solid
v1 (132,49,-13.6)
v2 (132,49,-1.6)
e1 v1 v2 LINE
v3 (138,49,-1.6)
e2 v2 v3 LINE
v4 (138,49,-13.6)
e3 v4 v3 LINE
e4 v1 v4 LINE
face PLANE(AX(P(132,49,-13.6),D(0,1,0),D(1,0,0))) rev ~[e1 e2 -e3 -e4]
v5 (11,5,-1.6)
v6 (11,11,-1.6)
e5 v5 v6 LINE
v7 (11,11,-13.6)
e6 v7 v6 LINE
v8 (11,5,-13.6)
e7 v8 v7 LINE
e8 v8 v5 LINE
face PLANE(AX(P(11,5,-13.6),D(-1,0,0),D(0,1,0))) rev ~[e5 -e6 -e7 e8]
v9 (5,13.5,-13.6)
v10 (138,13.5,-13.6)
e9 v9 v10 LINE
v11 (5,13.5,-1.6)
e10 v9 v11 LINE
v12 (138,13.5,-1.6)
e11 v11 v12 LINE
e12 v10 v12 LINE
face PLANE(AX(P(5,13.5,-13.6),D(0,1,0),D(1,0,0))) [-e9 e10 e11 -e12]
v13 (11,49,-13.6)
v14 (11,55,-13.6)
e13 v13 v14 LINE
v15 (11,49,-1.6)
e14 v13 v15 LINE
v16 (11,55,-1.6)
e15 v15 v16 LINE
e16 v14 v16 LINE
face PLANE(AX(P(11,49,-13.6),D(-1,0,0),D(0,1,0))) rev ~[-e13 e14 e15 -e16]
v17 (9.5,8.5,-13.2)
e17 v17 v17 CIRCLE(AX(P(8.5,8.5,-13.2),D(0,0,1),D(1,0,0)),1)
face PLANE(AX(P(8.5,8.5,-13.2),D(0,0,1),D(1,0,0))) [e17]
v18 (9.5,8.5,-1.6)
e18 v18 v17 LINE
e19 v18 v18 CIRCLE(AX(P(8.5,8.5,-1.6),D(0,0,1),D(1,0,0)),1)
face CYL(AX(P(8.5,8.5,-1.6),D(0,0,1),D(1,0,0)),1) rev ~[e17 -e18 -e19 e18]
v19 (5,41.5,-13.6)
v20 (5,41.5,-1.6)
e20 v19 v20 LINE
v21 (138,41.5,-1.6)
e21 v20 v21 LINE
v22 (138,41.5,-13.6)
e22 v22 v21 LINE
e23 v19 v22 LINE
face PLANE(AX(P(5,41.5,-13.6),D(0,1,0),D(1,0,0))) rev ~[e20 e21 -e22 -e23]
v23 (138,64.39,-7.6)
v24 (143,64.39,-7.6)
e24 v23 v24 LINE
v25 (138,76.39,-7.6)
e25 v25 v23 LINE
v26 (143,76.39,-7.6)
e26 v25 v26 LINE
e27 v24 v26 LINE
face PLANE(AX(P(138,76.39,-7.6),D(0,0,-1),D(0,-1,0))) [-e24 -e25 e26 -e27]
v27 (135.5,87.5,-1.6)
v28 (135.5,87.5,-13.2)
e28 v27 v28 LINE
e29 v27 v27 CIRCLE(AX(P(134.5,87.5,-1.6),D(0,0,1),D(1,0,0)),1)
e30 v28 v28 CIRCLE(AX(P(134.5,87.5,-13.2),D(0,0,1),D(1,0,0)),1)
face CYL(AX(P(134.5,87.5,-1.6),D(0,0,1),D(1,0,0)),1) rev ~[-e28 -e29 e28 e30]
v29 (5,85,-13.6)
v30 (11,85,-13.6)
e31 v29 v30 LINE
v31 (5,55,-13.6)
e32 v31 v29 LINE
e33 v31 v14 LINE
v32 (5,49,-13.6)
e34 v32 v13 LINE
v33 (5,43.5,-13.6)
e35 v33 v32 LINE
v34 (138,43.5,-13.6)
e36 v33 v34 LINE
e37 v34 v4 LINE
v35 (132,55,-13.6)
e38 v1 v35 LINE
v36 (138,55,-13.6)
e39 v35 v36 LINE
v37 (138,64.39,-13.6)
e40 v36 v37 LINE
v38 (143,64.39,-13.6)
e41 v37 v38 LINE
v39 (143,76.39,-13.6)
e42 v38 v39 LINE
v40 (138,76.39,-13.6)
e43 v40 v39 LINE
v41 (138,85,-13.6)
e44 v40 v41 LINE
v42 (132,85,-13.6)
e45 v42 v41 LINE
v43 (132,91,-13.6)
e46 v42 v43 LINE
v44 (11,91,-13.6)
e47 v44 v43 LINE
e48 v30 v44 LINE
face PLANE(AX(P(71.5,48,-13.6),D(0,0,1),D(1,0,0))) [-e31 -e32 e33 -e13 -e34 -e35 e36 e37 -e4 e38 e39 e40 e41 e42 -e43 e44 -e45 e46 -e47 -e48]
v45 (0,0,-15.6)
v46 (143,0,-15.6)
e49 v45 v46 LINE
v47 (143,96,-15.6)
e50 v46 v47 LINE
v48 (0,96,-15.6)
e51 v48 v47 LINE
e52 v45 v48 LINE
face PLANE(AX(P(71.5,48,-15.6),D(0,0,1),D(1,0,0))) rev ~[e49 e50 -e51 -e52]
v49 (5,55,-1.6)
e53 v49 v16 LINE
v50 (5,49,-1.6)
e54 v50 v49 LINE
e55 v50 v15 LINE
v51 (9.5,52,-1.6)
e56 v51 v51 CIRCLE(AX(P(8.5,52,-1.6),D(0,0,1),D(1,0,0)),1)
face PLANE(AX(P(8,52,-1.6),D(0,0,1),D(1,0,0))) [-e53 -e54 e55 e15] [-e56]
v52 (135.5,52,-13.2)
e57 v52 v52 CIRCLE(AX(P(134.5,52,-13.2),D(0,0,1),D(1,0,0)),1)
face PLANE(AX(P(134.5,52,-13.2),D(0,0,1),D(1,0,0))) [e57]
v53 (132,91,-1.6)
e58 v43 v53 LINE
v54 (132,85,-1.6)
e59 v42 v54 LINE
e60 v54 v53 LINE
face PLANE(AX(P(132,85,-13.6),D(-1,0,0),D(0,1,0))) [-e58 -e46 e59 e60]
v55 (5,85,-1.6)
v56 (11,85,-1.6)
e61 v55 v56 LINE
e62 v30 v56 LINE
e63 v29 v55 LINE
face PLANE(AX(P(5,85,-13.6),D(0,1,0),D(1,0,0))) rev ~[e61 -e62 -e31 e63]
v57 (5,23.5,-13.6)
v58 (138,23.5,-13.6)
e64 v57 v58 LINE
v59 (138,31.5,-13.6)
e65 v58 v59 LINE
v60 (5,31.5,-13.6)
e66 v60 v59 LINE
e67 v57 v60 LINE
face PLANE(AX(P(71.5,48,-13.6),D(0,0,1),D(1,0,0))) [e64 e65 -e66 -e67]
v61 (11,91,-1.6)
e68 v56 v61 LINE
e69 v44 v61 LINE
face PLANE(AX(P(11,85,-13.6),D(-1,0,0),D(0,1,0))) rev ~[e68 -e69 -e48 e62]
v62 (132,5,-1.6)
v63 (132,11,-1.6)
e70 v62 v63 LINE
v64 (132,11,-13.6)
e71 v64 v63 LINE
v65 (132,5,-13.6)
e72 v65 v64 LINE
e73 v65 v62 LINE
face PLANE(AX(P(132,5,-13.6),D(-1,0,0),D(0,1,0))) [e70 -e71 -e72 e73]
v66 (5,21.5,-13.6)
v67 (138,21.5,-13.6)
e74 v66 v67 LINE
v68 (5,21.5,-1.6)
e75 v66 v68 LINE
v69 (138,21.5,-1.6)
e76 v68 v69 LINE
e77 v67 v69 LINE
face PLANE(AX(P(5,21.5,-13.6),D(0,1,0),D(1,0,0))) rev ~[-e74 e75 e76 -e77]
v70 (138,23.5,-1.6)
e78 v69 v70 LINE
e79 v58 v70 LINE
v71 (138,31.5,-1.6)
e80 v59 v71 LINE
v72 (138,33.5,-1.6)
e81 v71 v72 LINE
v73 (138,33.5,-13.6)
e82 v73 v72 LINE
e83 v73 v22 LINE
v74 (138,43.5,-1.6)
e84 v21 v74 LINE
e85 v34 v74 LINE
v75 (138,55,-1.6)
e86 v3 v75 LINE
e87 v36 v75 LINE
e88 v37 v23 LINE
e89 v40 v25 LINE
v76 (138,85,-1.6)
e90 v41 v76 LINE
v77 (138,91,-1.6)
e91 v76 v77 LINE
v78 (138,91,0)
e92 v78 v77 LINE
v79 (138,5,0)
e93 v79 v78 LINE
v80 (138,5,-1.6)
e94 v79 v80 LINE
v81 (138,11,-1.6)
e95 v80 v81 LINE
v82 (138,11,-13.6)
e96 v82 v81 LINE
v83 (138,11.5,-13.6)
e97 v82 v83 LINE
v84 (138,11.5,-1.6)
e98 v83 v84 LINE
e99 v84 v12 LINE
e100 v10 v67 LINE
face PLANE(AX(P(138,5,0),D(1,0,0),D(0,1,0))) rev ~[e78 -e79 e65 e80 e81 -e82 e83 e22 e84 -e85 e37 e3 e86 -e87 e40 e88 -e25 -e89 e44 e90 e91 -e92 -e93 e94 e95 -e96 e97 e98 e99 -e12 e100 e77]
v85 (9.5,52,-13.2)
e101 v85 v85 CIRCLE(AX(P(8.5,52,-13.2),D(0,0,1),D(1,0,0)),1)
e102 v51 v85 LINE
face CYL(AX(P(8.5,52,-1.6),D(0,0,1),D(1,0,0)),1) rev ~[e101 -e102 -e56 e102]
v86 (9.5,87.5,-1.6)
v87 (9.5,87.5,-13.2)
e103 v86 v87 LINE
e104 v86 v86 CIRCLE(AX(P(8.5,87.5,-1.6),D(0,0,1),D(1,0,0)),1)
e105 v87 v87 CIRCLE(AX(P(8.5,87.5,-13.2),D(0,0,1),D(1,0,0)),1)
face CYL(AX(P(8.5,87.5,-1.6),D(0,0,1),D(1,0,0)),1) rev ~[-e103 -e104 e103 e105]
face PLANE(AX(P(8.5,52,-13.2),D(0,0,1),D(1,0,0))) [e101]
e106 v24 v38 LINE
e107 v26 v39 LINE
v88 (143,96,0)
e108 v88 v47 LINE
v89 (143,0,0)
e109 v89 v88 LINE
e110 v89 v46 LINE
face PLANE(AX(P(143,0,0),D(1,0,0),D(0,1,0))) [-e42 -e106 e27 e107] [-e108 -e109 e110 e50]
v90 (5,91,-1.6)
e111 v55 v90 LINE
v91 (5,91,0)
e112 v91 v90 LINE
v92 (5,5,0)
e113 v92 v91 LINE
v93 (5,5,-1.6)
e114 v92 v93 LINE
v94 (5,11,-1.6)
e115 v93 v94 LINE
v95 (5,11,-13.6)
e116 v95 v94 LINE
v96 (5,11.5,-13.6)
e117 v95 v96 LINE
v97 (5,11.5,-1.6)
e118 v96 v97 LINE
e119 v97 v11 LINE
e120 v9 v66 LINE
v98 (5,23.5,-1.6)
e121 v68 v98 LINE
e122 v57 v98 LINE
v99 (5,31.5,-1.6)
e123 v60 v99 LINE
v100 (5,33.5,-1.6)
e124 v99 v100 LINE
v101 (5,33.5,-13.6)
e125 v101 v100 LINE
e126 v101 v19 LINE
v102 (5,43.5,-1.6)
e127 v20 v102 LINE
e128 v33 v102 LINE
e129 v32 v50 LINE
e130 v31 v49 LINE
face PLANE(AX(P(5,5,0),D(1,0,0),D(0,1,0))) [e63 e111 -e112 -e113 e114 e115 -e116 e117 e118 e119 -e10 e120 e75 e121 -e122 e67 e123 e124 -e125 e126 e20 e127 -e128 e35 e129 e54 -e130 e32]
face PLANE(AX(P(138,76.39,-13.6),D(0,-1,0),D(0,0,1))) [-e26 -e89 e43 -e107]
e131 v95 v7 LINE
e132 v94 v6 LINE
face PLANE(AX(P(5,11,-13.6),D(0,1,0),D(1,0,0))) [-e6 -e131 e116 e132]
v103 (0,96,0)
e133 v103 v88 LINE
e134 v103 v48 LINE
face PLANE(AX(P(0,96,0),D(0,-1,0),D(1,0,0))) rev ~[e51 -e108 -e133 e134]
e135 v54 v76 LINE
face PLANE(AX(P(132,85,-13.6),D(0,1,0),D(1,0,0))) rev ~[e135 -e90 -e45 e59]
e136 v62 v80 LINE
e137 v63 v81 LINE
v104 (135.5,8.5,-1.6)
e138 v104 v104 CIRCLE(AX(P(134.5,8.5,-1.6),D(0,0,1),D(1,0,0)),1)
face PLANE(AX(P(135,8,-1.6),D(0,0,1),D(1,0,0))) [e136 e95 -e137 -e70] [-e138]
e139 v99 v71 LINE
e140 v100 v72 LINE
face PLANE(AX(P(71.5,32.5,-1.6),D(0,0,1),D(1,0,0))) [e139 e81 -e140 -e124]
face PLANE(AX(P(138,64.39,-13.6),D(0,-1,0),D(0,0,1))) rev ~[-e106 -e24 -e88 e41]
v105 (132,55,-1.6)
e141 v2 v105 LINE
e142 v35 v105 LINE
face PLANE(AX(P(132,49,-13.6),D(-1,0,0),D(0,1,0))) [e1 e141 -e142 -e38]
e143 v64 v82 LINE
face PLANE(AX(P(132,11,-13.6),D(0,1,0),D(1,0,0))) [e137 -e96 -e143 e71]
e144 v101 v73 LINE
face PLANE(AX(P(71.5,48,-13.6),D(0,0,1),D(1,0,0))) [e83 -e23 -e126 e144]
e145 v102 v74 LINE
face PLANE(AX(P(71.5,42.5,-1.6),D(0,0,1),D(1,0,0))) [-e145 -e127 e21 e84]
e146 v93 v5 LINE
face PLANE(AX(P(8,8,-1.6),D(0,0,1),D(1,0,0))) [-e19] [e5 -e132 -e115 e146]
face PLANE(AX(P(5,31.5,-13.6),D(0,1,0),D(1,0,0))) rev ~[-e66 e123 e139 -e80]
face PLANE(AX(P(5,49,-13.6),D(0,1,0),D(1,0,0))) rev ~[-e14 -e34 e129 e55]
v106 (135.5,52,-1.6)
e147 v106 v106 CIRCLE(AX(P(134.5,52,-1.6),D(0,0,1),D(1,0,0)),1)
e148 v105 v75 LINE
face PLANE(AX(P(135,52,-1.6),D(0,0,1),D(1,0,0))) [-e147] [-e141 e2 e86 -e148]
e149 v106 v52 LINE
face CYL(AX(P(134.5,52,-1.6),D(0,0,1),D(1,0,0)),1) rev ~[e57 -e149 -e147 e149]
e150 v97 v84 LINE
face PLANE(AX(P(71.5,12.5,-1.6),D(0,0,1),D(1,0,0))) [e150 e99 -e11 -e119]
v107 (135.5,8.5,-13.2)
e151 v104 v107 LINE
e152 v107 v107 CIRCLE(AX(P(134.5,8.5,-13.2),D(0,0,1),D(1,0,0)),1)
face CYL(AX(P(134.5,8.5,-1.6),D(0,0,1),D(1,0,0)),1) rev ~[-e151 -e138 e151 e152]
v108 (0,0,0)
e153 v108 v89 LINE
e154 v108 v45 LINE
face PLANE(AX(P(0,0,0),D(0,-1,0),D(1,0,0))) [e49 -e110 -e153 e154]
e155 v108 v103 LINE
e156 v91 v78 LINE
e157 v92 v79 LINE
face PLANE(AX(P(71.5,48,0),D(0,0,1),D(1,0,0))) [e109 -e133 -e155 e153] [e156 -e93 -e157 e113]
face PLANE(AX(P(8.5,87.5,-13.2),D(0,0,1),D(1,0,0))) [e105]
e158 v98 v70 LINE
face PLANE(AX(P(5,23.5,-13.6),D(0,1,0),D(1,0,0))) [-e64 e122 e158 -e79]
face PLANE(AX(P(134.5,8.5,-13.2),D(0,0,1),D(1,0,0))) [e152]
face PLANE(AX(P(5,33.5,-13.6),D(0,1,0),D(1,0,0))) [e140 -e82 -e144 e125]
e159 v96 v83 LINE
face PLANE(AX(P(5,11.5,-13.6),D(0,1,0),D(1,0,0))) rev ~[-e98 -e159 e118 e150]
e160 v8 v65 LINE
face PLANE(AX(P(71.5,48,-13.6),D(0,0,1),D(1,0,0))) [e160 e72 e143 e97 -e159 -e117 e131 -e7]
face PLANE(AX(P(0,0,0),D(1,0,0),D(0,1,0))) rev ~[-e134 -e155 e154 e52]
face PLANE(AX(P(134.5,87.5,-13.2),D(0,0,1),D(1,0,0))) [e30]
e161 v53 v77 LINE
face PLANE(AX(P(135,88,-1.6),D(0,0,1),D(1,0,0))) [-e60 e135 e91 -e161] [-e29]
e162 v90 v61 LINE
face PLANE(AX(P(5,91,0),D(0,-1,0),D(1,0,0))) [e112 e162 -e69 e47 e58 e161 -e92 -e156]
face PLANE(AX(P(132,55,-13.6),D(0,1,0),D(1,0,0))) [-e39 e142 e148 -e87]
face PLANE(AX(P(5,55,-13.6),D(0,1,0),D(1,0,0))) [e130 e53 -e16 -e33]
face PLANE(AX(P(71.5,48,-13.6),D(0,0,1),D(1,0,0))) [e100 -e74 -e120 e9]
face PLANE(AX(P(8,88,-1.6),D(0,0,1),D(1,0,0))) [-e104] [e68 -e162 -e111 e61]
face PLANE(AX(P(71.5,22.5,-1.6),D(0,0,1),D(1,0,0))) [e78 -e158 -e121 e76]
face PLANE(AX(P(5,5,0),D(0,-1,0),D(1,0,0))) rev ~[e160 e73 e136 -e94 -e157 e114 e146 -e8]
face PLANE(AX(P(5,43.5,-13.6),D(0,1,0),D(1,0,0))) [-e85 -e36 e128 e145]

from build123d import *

# Parameters (mm, degrees)
SKETCH_W        = 143
SKETCH_H        = 96
PAD_DEPTH       = 15.6
SKETCH001_W     = 133
SKETCH001_H     = 86
POCKET_DEPTH    = 13.6
SKETCH002_W     = 6
SKETCH002_H     = 6
PAD001_DEPTH    = 12
SKETCH003_R     = 1
POCKET001_DEPTH = 11.6
SKETCH004_W     = 12
SKETCH004_H     = 6
POCKET002_DEPTH = 5.001
SKETCH005_W     = 133
SKETCH005_H     = 2
PAD002_DEPTH    = 12


with BuildPart() as part:
    # Sketch → Pad (new body)
    with BuildSketch(Plane.XY):
        with Locations((71.5, 48)):
            Rectangle(SKETCH_W, SKETCH_H)
    extrude(amount=-PAD_DEPTH)

    # Sketch001 (on Face5 of Pad) → Pocket (cut)
    with BuildSketch(Plane.XY):
        with Locations((71.5, 48)):
            Rectangle(SKETCH001_W, SKETCH001_H)
    extrude(amount=-POCKET_DEPTH, mode=Mode.SUBTRACT)

    # Sketch002 (on Face11 of Pocket) → Pad001 (join)
    with BuildSketch(Plane.XY.offset(-13.6)):
        with Locations((8, 8)):
            Rectangle(SKETCH002_W, SKETCH002_H)
        with Locations((135, 8)):
            Rectangle(SKETCH002_W, SKETCH002_H)
        with Locations((8, 52)):
            Rectangle(SKETCH002_W, SKETCH002_H)
        with Locations((135, 52)):
            Rectangle(SKETCH002_W, SKETCH002_H)
        with Locations((8, 88)):
            Rectangle(SKETCH002_W, SKETCH002_H)
        with Locations((135, 88)):
            Rectangle(SKETCH002_W, SKETCH002_H)
    extrude(amount=PAD001_DEPTH)

    # Sketch003 (on Face18 of Pad001) → Pocket001 (cut)
    with BuildSketch(Plane.XY.offset(-1.6)):
        with Locations((8.5, 87.5)):
            Circle(SKETCH003_R)
        with Locations((8.5, 52)):
            Circle(SKETCH003_R)
        with Locations((8.5, 8.5)):
            Circle(SKETCH003_R)
        with Locations((134.5, 87.5)):
            Circle(SKETCH003_R)
        with Locations((134.5, 52)):
            Circle(SKETCH003_R)
        with Locations((134.5, 8.5)):
            Circle(SKETCH003_R)
    extrude(amount=-POCKET001_DEPTH, mode=Mode.SUBTRACT)

    # Sketch004 (on Face9 of Pocket001) → Pocket002 (cut, through all)
    with BuildSketch(Plane(origin=(138, 0, 0), x_dir=(0, -1, 0), z_dir=(-1, 0, 0))):
        with Locations((-70.39, -10.6)):
            Rectangle(SKETCH004_W, SKETCH004_H)
    extrude(amount=-POCKET002_DEPTH, mode=Mode.SUBTRACT)

    # Sketch005 (on Face17 of Pocket002) → Pad002 (join)
    with BuildSketch(Plane.XY.offset(-13.6)):
        with Locations((71.5, 12.5)):
            Rectangle(SKETCH005_W, SKETCH005_H)
        with Locations((71.5, 22.5)):
            Rectangle(SKETCH005_W, SKETCH005_H)
        with Locations((71.5, 32.5)):
            Rectangle(SKETCH005_W, SKETCH005_H)
        with Locations((71.5, 42.5)):
            Rectangle(SKETCH005_W, SKETCH005_H)
    extrude(amount=PAD002_DEPTH)


solid = part.part
